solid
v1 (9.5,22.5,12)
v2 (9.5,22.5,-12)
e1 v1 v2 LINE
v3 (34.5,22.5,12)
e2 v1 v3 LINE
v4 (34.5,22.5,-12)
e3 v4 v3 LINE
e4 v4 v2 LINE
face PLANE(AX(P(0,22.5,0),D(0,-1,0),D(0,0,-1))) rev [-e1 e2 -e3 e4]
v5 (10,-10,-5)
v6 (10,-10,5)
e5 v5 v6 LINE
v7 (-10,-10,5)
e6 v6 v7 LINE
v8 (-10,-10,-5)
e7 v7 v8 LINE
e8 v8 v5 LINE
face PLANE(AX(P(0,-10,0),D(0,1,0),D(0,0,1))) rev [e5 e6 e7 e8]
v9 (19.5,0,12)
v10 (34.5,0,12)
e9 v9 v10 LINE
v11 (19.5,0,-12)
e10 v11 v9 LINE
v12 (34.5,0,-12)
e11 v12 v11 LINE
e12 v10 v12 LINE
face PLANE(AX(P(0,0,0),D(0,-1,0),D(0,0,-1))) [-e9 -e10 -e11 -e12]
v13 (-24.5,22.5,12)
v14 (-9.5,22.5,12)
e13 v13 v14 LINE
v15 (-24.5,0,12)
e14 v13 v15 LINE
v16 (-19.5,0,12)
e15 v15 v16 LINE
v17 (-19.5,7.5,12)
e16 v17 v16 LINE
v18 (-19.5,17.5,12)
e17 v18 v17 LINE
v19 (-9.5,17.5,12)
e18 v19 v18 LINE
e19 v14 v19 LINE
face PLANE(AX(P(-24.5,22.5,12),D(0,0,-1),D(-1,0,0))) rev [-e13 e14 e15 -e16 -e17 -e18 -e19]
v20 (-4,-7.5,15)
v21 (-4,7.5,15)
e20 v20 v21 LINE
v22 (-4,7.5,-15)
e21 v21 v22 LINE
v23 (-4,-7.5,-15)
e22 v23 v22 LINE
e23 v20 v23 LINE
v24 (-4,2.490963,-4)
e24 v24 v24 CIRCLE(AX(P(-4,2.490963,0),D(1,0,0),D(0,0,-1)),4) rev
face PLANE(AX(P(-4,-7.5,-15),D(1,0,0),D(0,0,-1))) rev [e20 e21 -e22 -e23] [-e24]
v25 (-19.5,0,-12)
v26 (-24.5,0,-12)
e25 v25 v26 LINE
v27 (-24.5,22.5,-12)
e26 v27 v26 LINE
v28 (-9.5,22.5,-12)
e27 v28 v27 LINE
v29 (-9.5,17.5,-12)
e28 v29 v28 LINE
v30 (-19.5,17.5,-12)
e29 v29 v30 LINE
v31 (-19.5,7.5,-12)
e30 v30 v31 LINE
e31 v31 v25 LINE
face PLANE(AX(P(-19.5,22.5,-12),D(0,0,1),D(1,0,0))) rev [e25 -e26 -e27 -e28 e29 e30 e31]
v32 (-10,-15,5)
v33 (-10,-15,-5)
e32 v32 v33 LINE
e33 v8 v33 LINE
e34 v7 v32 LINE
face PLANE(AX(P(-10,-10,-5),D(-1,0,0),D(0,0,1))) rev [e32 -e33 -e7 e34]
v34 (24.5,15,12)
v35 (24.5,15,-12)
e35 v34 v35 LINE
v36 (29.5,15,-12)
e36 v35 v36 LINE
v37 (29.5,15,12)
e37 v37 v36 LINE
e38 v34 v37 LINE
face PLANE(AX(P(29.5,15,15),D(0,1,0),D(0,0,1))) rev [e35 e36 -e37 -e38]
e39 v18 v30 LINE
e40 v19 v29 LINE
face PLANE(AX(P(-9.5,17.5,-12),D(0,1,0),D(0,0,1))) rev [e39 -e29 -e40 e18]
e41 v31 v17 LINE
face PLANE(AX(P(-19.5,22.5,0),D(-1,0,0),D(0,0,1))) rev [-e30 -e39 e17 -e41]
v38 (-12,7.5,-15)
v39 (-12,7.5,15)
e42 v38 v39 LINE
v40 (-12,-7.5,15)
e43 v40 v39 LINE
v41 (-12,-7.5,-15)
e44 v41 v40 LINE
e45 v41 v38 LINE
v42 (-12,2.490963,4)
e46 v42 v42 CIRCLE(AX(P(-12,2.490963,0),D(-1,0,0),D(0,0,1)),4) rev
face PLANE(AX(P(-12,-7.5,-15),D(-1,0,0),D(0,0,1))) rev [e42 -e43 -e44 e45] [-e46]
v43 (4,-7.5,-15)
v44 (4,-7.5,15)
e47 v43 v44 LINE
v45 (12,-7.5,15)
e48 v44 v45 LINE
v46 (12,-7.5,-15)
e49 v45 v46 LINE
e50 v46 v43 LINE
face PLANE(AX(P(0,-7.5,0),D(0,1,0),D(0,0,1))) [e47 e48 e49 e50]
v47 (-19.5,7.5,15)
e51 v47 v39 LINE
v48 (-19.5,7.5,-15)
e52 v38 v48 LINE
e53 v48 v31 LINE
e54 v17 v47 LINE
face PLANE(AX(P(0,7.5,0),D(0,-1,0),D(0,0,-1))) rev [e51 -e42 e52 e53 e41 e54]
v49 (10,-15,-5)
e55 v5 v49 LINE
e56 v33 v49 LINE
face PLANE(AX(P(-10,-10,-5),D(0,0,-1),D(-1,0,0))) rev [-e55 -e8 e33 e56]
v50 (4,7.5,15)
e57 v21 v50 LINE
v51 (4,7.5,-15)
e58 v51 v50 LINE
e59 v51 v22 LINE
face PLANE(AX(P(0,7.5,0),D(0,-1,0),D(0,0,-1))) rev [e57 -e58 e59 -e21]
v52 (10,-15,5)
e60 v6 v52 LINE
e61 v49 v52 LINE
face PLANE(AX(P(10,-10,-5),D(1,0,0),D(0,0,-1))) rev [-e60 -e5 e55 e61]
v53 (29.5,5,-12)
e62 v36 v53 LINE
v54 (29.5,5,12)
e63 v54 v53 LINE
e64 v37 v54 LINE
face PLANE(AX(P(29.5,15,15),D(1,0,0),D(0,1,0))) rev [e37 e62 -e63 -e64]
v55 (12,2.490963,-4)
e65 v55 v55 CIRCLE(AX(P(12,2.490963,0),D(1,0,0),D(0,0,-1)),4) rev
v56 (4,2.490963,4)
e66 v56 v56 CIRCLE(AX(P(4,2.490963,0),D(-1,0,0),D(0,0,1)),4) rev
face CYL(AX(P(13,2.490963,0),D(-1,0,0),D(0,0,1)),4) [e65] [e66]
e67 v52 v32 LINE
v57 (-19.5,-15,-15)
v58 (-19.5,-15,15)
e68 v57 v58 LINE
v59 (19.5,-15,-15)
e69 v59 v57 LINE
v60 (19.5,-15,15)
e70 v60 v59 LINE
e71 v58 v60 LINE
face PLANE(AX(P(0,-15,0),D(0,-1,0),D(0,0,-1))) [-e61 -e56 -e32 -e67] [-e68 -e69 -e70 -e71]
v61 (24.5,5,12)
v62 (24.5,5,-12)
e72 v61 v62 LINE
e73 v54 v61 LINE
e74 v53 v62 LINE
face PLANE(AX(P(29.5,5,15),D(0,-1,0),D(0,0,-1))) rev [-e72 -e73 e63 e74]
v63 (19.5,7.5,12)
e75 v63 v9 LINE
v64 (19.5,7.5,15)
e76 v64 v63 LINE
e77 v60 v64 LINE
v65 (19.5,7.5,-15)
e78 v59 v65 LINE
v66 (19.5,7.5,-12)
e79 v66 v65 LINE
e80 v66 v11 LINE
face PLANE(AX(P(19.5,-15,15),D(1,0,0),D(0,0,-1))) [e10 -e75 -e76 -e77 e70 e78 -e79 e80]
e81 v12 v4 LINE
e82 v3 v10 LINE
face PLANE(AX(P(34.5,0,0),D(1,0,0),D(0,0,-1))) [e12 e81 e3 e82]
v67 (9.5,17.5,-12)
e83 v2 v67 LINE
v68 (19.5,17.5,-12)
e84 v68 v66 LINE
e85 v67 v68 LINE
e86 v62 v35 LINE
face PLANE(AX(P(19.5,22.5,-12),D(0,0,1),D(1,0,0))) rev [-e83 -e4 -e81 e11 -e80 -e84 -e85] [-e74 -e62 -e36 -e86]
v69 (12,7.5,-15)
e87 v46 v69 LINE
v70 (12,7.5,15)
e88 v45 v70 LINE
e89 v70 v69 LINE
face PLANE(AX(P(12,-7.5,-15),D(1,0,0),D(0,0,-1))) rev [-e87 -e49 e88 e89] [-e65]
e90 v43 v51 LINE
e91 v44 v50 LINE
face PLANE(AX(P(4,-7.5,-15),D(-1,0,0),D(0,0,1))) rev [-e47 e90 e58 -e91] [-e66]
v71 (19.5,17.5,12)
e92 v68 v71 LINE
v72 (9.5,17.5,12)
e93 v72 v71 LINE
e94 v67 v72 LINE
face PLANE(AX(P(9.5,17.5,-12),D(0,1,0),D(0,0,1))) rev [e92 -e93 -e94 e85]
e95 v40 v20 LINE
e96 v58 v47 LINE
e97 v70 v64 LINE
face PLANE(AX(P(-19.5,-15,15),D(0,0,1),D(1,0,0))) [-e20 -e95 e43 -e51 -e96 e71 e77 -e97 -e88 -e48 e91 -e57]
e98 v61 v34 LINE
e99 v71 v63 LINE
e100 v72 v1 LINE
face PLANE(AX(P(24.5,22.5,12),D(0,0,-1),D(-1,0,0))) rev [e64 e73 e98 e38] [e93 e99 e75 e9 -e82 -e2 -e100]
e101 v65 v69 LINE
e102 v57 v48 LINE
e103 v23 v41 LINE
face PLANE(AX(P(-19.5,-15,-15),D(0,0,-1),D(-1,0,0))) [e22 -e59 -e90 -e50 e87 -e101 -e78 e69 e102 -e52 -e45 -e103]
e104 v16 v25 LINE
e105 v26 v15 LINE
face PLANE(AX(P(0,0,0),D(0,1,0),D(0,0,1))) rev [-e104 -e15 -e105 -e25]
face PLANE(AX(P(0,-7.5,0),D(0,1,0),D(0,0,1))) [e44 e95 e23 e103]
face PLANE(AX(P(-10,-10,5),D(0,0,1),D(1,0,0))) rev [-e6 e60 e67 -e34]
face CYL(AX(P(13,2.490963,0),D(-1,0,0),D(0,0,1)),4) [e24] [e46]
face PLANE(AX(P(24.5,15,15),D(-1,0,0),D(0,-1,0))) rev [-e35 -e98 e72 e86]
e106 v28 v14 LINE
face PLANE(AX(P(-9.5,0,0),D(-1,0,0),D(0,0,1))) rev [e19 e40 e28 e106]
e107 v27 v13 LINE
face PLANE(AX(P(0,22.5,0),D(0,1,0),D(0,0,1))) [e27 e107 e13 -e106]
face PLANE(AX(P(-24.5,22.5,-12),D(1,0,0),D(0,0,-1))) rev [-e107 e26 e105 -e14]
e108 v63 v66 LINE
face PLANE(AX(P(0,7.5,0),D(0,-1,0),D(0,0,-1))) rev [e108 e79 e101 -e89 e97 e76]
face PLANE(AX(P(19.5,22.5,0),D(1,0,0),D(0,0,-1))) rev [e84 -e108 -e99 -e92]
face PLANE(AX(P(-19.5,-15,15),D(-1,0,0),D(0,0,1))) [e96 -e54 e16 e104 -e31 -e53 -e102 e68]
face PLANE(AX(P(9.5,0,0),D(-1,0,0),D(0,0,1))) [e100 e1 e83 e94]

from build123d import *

# Parameters (mm, degrees)
BOSS_EXTRU_1_DEPTH      = 7.5
BOSS_EXTRU_1_DEPTH_BACK = 15
ESQUISSE1_W             = 39
ESQUISSE1_H             = 30
BOSS_EXTRU_2_DEPTH      = 22.5
ESQUISSE3_W             = 24
ESQUISSE3_H             = 5
BOSS_EXTRU_3_DEPTH      = 10
ESQUISSE4_W             = 24
ESQUISSE4_H             = 5
BOSS_EXTRU_4_DEPTH      = 10
ESQUISSE5_W             = 24
ESQUISSE5_H             = 22.5
BOSS_EXTRU_5_DEPTH      = 10
ESQUISSE6_W             = 5
ESQUISSE6_H             = 10
ENL_V_MAT_EXTRU_1_DEPTH = 50.249365478
ESQUISSE7_W             = 8
ESQUISSE7_H             = 30
ENL_V_MAT_EXTRU_2_DEPTH = 15
ESQUISSE8_R             = 4
BOSS_EXTRU_6_DEPTH      = 25
ESQUISSE9_W             = 20
ESQUISSE9_H             = 10
ENL_V_MAT_EXTRU_3_DEPTH = 5


with BuildPart() as part:
    # Esquisse1 → Boss.-Extru.1 (new, two sides: drawn at the far end of the back side and taken through both)
    with BuildSketch(Plane(origin=(0, 0, 0), x_dir=(1, 0, 0), z_dir=(0, 1, 0)).offset(-BOSS_EXTRU_1_DEPTH_BACK)):
        Rectangle(ESQUISSE1_W, ESQUISSE1_H)
    extrude(amount=BOSS_EXTRU_1_DEPTH + BOSS_EXTRU_1_DEPTH_BACK)

    # Esquisse2 → Boss.-Extru.2 (add)
    with BuildSketch(Plane(origin=(0, 0, 0), x_dir=(1, 0, 0), z_dir=(0, 1, 0))):
        Polygon((-19.5, 0), (-19.5, 12), (-24.5, 12), (-24.5, -12), (-19.5, -12), align=None)
        Polygon((19.5, 0), (19.5, 12), (24.5, 12), (24.5, -12), (19.5, -12), align=None)
    extrude(amount=BOSS_EXTRU_2_DEPTH)

    # Esquisse3 → Boss.-Extru.3 (add)
    with BuildSketch(Plane(origin=(-19.5, 0, 0), x_dir=(0, 0, -1), z_dir=(1, 0, 0))):
        with Locations((0, 20)):
            Rectangle(ESQUISSE3_W, ESQUISSE3_H)
    extrude(amount=BOSS_EXTRU_3_DEPTH)

    # Esquisse4 → Boss.-Extru.4 (add)
    with BuildSketch(Plane.ZY.offset(-19.5)):
        with Locations((0, 20)):
            Rectangle(ESQUISSE4_W, ESQUISSE4_H)
    extrude(amount=BOSS_EXTRU_4_DEPTH)

    # Esquisse5 → Boss.-Extru.5 (add)
    with BuildSketch(Plane(origin=(24.5, 0, 0), x_dir=(0, 0, -1), z_dir=(1, 0, 0))):
        with Locations((0, 11.25)):
            Rectangle(ESQUISSE5_W, ESQUISSE5_H)
    extrude(amount=BOSS_EXTRU_5_DEPTH)

    # Esquisse6 → Enlèv. mat.-Extru.1 (cut, through all)
    with BuildSketch(Plane(origin=(0, 0, -12), x_dir=(-1, 0, 0), z_dir=(0, 0, -1))):
        with Locations((-27, 10)):
            Rectangle(ESQUISSE6_W, ESQUISSE6_H)
    extrude(amount=-ENL_V_MAT_EXTRU_1_DEPTH, mode=Mode.SUBTRACT)

    # Esquisse7 → Enlèv. mat.-Extru.2 (cut)
    with BuildSketch(Plane(origin=(0, 7.5, 0), x_dir=(1, 0, 0), z_dir=(0, 1, 0))):
        with Locations((-8, 0)):
            Rectangle(ESQUISSE7_W, ESQUISSE7_H)
        with Locations((8, 0)):
            Rectangle(ESQUISSE7_W, ESQUISSE7_H)
    extrude(amount=-ENL_V_MAT_EXTRU_2_DEPTH, mode=Mode.SUBTRACT)

    # Esquisse8 → Boss.-Extru.6 (add)
    with BuildSketch(Plane(origin=(-12, 0, 0), x_dir=(0, 0, -1), z_dir=(1, 0, 0))):
        with Locations(Location((0, 2.490962546, 0), (0, 0, 180))):
            Circle(ESQUISSE8_R)
    extrude(amount=BOSS_EXTRU_6_DEPTH)

    # Esquisse9 → Enlèv. mat.-Extru.3 (cut)
    with BuildSketch(Plane.XZ.offset(15)):
        Rectangle(ESQUISSE9_W, ESQUISSE9_H)
    extrude(amount=-ENL_V_MAT_EXTRU_3_DEPTH, mode=Mode.SUBTRACT)


solid = part.part
